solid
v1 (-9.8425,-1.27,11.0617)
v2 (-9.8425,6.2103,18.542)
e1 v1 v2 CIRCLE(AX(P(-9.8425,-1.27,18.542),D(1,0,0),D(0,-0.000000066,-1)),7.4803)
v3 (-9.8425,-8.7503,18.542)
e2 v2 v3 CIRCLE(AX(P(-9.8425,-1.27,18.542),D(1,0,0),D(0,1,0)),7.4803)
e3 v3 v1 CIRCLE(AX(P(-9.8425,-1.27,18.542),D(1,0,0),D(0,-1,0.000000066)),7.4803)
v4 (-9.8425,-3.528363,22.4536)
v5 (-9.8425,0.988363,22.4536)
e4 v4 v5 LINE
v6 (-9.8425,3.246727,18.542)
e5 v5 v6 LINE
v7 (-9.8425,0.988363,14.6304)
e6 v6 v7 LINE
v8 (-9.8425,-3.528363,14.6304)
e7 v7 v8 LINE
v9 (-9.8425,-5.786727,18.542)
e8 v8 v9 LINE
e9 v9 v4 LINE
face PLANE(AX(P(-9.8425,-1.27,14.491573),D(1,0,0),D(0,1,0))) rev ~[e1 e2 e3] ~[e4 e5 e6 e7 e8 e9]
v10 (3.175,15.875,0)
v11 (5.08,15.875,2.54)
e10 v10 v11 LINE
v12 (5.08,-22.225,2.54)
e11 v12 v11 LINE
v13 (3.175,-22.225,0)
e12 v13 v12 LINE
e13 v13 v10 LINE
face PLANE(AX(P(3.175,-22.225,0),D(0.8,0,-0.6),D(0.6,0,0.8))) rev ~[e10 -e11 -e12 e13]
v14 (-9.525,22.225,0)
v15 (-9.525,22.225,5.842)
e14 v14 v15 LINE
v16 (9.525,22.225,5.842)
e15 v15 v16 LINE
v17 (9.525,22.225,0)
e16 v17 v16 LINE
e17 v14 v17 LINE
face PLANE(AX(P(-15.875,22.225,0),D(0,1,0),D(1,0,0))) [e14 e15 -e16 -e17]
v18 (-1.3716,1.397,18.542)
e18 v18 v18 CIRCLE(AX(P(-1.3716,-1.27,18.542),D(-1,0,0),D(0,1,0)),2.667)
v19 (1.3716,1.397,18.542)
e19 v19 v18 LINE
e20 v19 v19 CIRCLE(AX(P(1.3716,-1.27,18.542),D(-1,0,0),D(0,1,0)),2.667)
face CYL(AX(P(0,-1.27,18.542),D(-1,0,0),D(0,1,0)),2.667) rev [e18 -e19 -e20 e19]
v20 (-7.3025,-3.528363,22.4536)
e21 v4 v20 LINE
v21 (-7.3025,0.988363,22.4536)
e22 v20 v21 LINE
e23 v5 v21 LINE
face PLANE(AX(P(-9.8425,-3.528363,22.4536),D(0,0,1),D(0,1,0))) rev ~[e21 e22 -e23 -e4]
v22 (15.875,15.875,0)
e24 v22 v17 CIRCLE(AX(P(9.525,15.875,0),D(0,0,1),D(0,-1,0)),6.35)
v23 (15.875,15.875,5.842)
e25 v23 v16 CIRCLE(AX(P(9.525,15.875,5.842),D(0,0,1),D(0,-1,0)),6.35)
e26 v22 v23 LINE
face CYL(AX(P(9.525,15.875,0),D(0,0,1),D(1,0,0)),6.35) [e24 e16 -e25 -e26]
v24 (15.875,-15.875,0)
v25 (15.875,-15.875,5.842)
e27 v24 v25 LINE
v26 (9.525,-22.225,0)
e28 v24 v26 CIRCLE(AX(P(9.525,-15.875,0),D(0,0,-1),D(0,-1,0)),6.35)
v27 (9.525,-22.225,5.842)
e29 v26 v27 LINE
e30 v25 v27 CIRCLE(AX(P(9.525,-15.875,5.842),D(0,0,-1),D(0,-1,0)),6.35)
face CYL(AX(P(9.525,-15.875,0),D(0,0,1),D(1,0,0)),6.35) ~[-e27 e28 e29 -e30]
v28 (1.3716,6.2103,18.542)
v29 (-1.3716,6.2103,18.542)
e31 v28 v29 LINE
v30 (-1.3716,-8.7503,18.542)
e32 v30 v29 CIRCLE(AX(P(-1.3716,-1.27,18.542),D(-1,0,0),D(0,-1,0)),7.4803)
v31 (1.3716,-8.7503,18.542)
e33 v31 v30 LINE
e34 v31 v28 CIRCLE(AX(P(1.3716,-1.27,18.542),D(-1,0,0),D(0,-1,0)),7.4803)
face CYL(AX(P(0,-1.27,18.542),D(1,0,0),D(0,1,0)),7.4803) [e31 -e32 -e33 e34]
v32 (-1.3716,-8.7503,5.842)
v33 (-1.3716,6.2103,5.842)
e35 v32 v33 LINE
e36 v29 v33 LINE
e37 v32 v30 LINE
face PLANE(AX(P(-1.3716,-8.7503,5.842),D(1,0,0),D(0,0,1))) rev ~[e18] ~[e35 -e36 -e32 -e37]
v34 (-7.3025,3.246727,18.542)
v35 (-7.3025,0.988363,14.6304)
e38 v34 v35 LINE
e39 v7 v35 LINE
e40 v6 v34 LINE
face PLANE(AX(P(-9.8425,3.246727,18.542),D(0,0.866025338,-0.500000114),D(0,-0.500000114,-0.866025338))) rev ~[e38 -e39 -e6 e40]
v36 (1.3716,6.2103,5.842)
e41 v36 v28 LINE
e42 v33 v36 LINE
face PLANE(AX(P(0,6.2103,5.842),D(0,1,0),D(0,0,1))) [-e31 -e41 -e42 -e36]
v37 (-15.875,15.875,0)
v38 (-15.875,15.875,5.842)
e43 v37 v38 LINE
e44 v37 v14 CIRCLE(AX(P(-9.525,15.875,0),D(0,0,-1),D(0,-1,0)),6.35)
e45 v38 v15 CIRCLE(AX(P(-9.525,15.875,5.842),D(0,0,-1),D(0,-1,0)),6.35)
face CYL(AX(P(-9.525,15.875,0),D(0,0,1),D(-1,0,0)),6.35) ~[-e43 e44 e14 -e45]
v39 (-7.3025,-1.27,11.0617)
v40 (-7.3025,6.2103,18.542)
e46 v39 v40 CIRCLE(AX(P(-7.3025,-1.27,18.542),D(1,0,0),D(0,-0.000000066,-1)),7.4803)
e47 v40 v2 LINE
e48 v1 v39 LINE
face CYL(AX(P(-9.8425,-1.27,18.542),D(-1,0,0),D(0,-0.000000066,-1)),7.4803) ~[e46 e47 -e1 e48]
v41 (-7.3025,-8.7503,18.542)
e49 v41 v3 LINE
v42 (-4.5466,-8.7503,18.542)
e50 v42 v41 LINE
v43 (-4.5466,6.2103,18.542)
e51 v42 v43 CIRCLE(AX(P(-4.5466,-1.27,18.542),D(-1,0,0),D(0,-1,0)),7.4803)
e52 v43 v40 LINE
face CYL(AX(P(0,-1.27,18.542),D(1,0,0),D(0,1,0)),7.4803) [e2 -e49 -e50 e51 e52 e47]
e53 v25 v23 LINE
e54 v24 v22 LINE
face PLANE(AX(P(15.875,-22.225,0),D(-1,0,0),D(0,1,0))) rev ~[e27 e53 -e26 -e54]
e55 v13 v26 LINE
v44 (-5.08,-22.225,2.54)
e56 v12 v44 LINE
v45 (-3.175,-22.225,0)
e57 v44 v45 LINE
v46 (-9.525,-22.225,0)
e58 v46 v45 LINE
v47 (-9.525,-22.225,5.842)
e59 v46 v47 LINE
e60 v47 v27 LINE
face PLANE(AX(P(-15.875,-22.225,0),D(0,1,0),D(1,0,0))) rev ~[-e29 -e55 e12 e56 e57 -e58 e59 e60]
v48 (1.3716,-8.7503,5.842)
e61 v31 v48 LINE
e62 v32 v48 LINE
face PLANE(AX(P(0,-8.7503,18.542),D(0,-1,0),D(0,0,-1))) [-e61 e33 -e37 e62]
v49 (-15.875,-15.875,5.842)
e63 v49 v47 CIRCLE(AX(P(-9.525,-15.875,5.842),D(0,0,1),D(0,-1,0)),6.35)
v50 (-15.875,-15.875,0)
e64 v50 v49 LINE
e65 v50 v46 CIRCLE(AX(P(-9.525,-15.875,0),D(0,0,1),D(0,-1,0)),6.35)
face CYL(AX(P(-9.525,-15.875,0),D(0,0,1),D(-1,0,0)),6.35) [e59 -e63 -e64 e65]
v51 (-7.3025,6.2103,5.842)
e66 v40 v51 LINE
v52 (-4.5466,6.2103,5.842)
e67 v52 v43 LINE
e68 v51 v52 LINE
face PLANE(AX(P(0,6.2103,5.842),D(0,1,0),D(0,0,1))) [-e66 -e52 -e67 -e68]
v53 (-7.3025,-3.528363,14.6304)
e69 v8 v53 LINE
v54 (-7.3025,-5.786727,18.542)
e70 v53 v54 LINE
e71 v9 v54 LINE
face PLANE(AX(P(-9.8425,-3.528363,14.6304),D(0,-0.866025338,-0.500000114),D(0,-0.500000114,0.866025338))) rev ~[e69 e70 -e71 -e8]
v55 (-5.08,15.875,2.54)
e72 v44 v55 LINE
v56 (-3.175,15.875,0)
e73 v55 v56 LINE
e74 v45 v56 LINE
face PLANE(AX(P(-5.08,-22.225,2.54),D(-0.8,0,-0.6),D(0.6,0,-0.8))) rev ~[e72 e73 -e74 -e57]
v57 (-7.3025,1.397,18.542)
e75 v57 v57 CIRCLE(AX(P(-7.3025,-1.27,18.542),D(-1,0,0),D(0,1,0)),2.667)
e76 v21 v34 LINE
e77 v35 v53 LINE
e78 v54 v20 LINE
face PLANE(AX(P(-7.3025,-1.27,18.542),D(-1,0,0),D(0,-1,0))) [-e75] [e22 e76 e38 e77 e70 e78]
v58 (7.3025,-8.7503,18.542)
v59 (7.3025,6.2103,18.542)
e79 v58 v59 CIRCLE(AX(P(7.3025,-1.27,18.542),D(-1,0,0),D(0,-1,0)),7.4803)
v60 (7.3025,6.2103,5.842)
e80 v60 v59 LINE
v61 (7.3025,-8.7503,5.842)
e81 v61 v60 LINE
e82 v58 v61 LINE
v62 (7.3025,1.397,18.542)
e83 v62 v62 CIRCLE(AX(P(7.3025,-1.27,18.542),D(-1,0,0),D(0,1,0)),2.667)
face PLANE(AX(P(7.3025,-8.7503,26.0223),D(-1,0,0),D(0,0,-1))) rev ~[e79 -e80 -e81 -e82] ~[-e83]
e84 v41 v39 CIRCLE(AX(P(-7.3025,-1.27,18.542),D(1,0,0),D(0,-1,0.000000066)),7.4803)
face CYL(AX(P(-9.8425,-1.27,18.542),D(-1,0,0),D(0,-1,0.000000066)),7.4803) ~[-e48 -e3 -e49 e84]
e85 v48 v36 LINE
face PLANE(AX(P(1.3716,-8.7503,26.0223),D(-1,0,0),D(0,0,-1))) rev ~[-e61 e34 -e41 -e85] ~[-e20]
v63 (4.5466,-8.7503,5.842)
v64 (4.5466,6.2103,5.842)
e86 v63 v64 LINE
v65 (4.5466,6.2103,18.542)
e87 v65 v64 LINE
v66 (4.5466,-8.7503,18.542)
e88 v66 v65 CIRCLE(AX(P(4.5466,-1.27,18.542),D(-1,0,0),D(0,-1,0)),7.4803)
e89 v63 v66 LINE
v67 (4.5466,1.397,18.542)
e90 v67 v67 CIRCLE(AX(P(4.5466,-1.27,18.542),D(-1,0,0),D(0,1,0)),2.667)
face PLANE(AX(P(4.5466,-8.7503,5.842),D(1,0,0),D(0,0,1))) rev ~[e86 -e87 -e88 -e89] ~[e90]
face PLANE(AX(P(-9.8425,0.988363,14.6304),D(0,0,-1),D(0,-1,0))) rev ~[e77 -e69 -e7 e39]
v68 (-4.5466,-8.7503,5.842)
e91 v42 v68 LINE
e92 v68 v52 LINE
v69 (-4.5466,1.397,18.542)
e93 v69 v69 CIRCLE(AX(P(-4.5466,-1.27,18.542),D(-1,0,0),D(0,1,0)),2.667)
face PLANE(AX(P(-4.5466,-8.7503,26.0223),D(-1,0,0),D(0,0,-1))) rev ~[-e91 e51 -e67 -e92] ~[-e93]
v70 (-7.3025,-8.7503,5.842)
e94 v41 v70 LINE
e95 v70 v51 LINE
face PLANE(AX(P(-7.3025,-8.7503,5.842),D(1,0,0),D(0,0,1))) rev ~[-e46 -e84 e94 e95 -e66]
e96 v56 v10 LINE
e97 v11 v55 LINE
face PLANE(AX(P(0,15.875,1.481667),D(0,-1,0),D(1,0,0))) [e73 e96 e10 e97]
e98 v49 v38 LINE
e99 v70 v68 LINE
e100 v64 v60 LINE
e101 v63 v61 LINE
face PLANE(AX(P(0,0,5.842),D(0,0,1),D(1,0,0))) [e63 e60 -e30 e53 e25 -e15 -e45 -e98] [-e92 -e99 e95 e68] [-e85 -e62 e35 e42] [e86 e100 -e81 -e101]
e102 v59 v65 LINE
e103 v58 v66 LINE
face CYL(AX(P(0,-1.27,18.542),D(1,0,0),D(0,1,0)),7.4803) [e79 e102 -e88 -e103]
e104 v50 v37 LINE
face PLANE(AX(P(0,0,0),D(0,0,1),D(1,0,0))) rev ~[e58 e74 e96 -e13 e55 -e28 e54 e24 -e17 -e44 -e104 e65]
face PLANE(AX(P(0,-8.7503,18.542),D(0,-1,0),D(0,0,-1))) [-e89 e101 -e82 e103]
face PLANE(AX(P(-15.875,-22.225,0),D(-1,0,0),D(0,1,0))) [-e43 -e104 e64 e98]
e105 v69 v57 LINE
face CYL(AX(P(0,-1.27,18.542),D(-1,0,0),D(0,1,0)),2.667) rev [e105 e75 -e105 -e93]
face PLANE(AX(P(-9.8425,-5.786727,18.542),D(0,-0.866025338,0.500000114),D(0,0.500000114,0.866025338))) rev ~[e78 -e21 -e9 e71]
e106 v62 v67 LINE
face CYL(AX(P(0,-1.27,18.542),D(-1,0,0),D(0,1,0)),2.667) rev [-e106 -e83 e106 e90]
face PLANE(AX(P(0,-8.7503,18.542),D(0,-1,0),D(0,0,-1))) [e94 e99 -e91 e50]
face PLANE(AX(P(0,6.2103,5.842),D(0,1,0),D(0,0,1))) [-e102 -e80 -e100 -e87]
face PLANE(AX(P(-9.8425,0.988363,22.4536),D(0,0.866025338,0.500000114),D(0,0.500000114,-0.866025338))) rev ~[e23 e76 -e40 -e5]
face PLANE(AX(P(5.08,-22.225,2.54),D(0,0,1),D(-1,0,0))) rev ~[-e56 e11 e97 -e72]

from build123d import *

# Parameters (mm, degrees)
F0_W      = 31.75
F0_H      = 44.45
F1_DEPTH  = 5.842
F3_DEPTH  = 38.1
F4_R      = 2.667
F5_DEPTH  = 9.8425
F6_W      = 2.54
F6_H      = 7.4803
F6_H_2    = 12.7
F6_W_2    = 3.175
F6_H_3    = 5.2197
F7_DEPTH  = 25.4
F9_DEPTH  = 2.54
F10_R     = 6.35
F11_R     = 2.667
F12_DEPTH = 2.54


with BuildPart() as f1:
    # F0 (on Top) → F1 (new body)
    with BuildSketch(Plane.XY):
        Rectangle(F0_W, F0_H)
    extrude(amount=F1_DEPTH)

    # F2 (on face) → F3 (cut)
    with BuildSketch(Plane.XZ.offset(22.225)):
        Polygon((5.08, 2.54), (0, 2.54), (-5.08, 2.54), (-3.175, 0), (3.175, 0), align=None)
    extrude(amount=-F3_DEPTH, mode=Mode.SUBTRACT)

    # F4 (on Right) → F5 (join, symmetric)
    with BuildSketch(Plane.YZ):
        with BuildLine():
            Line((-8.7503, 18.542), (-8.7503, 5.842))
            Line((-8.7503, 5.842), (6.2103, 5.842))
            Line((6.2103, 5.842), (6.2103, 18.542))
            ThreePointArc((6.2103, 18.542), (-1.27, 26.0223), (-8.7503, 18.542))
        make_face()
        with Locations((-1.27, 18.542)):
            Circle(F4_R, mode=Mode.SUBTRACT)
    extrude(amount=F5_DEPTH, both=True)

    # F6 (on face) → F7 (cut)
    with BuildSketch(Plane.XZ.offset(8.7503)):
        with Locations((8.5725, 22.28215)):
            Rectangle(F6_W, F6_H)
        with Locations((8.5725, 12.192)):
            Rectangle(F6_W, F6_H_2)
        with Locations((2.9591, 22.28215)):
            Rectangle(F6_W_2, F6_H)
        with Locations((2.9591, 12.192)):
            Rectangle(F6_W_2, F6_H_2)
        with Locations((-2.9591, 22.28215)):
            Rectangle(F6_W_2, F6_H)
        with Locations((-2.9591, 12.192)):
            Rectangle(F6_W_2, F6_H_2)
        with Locations((-8.5725, 8.45185)):
            Rectangle(F6_W, F6_H_3)
    extrude(amount=-F7_DEPTH, mode=Mode.SUBTRACT)

    # F8 (on face) → F9 (cut)
    with BuildSketch(Plane(origin=(-9.8425, 0, 0), x_dir=(0, -1, 0), z_dir=(-1, 0, 0))):
        with BuildLine():
            ThreePointArc((1.27, 11.0617), (-4.019371, 13.252629), (-6.2103, 18.542))
            Line((-6.2103, 18.542), (-6.2103, 11.0617))
            Line((-6.2103, 11.0617), (1.27, 11.0617))
        make_face()
        with BuildLine():
            ThreePointArc((8.7503, 18.542), (6.559371, 13.252629), (1.27, 11.0617))
            Line((1.27, 11.0617), (8.7503, 11.0617))
            Line((8.7503, 11.0617), (8.7503, 18.542))
        make_face()
    extrude(amount=-F9_DEPTH, mode=Mode.SUBTRACT)

    # F10
    f10_edges = [f1.edges().sort_by_distance(p)[0] for p in [
        (15.875, 22.225, 2.921),
        (-15.875, 22.225, 2.921),
        (-15.875, -22.225, 2.921),
        (15.875, -22.225, 2.921),
    ]]
    fillet(f10_edges, radius=F10_R)

    # F11 (on face) → F12 (cut)
    with BuildSketch(Plane(origin=(-9.8425, 0, 0), x_dir=(0, -1, 0), z_dir=(-1, 0, 0))):
        Polygon((3.528363, 22.4536), (-0.988363, 22.4536), (-3.246727, 18.542), (-0.988363, 14.6304), (3.528363, 14.6304), (5.786727, 18.542), align=None)
        with Locations((1.27, 18.542)):
            Circle(F11_R, mode=Mode.SUBTRACT)
    extrude(amount=-F12_DEPTH, mode=Mode.SUBTRACT)


solid = f1.part
